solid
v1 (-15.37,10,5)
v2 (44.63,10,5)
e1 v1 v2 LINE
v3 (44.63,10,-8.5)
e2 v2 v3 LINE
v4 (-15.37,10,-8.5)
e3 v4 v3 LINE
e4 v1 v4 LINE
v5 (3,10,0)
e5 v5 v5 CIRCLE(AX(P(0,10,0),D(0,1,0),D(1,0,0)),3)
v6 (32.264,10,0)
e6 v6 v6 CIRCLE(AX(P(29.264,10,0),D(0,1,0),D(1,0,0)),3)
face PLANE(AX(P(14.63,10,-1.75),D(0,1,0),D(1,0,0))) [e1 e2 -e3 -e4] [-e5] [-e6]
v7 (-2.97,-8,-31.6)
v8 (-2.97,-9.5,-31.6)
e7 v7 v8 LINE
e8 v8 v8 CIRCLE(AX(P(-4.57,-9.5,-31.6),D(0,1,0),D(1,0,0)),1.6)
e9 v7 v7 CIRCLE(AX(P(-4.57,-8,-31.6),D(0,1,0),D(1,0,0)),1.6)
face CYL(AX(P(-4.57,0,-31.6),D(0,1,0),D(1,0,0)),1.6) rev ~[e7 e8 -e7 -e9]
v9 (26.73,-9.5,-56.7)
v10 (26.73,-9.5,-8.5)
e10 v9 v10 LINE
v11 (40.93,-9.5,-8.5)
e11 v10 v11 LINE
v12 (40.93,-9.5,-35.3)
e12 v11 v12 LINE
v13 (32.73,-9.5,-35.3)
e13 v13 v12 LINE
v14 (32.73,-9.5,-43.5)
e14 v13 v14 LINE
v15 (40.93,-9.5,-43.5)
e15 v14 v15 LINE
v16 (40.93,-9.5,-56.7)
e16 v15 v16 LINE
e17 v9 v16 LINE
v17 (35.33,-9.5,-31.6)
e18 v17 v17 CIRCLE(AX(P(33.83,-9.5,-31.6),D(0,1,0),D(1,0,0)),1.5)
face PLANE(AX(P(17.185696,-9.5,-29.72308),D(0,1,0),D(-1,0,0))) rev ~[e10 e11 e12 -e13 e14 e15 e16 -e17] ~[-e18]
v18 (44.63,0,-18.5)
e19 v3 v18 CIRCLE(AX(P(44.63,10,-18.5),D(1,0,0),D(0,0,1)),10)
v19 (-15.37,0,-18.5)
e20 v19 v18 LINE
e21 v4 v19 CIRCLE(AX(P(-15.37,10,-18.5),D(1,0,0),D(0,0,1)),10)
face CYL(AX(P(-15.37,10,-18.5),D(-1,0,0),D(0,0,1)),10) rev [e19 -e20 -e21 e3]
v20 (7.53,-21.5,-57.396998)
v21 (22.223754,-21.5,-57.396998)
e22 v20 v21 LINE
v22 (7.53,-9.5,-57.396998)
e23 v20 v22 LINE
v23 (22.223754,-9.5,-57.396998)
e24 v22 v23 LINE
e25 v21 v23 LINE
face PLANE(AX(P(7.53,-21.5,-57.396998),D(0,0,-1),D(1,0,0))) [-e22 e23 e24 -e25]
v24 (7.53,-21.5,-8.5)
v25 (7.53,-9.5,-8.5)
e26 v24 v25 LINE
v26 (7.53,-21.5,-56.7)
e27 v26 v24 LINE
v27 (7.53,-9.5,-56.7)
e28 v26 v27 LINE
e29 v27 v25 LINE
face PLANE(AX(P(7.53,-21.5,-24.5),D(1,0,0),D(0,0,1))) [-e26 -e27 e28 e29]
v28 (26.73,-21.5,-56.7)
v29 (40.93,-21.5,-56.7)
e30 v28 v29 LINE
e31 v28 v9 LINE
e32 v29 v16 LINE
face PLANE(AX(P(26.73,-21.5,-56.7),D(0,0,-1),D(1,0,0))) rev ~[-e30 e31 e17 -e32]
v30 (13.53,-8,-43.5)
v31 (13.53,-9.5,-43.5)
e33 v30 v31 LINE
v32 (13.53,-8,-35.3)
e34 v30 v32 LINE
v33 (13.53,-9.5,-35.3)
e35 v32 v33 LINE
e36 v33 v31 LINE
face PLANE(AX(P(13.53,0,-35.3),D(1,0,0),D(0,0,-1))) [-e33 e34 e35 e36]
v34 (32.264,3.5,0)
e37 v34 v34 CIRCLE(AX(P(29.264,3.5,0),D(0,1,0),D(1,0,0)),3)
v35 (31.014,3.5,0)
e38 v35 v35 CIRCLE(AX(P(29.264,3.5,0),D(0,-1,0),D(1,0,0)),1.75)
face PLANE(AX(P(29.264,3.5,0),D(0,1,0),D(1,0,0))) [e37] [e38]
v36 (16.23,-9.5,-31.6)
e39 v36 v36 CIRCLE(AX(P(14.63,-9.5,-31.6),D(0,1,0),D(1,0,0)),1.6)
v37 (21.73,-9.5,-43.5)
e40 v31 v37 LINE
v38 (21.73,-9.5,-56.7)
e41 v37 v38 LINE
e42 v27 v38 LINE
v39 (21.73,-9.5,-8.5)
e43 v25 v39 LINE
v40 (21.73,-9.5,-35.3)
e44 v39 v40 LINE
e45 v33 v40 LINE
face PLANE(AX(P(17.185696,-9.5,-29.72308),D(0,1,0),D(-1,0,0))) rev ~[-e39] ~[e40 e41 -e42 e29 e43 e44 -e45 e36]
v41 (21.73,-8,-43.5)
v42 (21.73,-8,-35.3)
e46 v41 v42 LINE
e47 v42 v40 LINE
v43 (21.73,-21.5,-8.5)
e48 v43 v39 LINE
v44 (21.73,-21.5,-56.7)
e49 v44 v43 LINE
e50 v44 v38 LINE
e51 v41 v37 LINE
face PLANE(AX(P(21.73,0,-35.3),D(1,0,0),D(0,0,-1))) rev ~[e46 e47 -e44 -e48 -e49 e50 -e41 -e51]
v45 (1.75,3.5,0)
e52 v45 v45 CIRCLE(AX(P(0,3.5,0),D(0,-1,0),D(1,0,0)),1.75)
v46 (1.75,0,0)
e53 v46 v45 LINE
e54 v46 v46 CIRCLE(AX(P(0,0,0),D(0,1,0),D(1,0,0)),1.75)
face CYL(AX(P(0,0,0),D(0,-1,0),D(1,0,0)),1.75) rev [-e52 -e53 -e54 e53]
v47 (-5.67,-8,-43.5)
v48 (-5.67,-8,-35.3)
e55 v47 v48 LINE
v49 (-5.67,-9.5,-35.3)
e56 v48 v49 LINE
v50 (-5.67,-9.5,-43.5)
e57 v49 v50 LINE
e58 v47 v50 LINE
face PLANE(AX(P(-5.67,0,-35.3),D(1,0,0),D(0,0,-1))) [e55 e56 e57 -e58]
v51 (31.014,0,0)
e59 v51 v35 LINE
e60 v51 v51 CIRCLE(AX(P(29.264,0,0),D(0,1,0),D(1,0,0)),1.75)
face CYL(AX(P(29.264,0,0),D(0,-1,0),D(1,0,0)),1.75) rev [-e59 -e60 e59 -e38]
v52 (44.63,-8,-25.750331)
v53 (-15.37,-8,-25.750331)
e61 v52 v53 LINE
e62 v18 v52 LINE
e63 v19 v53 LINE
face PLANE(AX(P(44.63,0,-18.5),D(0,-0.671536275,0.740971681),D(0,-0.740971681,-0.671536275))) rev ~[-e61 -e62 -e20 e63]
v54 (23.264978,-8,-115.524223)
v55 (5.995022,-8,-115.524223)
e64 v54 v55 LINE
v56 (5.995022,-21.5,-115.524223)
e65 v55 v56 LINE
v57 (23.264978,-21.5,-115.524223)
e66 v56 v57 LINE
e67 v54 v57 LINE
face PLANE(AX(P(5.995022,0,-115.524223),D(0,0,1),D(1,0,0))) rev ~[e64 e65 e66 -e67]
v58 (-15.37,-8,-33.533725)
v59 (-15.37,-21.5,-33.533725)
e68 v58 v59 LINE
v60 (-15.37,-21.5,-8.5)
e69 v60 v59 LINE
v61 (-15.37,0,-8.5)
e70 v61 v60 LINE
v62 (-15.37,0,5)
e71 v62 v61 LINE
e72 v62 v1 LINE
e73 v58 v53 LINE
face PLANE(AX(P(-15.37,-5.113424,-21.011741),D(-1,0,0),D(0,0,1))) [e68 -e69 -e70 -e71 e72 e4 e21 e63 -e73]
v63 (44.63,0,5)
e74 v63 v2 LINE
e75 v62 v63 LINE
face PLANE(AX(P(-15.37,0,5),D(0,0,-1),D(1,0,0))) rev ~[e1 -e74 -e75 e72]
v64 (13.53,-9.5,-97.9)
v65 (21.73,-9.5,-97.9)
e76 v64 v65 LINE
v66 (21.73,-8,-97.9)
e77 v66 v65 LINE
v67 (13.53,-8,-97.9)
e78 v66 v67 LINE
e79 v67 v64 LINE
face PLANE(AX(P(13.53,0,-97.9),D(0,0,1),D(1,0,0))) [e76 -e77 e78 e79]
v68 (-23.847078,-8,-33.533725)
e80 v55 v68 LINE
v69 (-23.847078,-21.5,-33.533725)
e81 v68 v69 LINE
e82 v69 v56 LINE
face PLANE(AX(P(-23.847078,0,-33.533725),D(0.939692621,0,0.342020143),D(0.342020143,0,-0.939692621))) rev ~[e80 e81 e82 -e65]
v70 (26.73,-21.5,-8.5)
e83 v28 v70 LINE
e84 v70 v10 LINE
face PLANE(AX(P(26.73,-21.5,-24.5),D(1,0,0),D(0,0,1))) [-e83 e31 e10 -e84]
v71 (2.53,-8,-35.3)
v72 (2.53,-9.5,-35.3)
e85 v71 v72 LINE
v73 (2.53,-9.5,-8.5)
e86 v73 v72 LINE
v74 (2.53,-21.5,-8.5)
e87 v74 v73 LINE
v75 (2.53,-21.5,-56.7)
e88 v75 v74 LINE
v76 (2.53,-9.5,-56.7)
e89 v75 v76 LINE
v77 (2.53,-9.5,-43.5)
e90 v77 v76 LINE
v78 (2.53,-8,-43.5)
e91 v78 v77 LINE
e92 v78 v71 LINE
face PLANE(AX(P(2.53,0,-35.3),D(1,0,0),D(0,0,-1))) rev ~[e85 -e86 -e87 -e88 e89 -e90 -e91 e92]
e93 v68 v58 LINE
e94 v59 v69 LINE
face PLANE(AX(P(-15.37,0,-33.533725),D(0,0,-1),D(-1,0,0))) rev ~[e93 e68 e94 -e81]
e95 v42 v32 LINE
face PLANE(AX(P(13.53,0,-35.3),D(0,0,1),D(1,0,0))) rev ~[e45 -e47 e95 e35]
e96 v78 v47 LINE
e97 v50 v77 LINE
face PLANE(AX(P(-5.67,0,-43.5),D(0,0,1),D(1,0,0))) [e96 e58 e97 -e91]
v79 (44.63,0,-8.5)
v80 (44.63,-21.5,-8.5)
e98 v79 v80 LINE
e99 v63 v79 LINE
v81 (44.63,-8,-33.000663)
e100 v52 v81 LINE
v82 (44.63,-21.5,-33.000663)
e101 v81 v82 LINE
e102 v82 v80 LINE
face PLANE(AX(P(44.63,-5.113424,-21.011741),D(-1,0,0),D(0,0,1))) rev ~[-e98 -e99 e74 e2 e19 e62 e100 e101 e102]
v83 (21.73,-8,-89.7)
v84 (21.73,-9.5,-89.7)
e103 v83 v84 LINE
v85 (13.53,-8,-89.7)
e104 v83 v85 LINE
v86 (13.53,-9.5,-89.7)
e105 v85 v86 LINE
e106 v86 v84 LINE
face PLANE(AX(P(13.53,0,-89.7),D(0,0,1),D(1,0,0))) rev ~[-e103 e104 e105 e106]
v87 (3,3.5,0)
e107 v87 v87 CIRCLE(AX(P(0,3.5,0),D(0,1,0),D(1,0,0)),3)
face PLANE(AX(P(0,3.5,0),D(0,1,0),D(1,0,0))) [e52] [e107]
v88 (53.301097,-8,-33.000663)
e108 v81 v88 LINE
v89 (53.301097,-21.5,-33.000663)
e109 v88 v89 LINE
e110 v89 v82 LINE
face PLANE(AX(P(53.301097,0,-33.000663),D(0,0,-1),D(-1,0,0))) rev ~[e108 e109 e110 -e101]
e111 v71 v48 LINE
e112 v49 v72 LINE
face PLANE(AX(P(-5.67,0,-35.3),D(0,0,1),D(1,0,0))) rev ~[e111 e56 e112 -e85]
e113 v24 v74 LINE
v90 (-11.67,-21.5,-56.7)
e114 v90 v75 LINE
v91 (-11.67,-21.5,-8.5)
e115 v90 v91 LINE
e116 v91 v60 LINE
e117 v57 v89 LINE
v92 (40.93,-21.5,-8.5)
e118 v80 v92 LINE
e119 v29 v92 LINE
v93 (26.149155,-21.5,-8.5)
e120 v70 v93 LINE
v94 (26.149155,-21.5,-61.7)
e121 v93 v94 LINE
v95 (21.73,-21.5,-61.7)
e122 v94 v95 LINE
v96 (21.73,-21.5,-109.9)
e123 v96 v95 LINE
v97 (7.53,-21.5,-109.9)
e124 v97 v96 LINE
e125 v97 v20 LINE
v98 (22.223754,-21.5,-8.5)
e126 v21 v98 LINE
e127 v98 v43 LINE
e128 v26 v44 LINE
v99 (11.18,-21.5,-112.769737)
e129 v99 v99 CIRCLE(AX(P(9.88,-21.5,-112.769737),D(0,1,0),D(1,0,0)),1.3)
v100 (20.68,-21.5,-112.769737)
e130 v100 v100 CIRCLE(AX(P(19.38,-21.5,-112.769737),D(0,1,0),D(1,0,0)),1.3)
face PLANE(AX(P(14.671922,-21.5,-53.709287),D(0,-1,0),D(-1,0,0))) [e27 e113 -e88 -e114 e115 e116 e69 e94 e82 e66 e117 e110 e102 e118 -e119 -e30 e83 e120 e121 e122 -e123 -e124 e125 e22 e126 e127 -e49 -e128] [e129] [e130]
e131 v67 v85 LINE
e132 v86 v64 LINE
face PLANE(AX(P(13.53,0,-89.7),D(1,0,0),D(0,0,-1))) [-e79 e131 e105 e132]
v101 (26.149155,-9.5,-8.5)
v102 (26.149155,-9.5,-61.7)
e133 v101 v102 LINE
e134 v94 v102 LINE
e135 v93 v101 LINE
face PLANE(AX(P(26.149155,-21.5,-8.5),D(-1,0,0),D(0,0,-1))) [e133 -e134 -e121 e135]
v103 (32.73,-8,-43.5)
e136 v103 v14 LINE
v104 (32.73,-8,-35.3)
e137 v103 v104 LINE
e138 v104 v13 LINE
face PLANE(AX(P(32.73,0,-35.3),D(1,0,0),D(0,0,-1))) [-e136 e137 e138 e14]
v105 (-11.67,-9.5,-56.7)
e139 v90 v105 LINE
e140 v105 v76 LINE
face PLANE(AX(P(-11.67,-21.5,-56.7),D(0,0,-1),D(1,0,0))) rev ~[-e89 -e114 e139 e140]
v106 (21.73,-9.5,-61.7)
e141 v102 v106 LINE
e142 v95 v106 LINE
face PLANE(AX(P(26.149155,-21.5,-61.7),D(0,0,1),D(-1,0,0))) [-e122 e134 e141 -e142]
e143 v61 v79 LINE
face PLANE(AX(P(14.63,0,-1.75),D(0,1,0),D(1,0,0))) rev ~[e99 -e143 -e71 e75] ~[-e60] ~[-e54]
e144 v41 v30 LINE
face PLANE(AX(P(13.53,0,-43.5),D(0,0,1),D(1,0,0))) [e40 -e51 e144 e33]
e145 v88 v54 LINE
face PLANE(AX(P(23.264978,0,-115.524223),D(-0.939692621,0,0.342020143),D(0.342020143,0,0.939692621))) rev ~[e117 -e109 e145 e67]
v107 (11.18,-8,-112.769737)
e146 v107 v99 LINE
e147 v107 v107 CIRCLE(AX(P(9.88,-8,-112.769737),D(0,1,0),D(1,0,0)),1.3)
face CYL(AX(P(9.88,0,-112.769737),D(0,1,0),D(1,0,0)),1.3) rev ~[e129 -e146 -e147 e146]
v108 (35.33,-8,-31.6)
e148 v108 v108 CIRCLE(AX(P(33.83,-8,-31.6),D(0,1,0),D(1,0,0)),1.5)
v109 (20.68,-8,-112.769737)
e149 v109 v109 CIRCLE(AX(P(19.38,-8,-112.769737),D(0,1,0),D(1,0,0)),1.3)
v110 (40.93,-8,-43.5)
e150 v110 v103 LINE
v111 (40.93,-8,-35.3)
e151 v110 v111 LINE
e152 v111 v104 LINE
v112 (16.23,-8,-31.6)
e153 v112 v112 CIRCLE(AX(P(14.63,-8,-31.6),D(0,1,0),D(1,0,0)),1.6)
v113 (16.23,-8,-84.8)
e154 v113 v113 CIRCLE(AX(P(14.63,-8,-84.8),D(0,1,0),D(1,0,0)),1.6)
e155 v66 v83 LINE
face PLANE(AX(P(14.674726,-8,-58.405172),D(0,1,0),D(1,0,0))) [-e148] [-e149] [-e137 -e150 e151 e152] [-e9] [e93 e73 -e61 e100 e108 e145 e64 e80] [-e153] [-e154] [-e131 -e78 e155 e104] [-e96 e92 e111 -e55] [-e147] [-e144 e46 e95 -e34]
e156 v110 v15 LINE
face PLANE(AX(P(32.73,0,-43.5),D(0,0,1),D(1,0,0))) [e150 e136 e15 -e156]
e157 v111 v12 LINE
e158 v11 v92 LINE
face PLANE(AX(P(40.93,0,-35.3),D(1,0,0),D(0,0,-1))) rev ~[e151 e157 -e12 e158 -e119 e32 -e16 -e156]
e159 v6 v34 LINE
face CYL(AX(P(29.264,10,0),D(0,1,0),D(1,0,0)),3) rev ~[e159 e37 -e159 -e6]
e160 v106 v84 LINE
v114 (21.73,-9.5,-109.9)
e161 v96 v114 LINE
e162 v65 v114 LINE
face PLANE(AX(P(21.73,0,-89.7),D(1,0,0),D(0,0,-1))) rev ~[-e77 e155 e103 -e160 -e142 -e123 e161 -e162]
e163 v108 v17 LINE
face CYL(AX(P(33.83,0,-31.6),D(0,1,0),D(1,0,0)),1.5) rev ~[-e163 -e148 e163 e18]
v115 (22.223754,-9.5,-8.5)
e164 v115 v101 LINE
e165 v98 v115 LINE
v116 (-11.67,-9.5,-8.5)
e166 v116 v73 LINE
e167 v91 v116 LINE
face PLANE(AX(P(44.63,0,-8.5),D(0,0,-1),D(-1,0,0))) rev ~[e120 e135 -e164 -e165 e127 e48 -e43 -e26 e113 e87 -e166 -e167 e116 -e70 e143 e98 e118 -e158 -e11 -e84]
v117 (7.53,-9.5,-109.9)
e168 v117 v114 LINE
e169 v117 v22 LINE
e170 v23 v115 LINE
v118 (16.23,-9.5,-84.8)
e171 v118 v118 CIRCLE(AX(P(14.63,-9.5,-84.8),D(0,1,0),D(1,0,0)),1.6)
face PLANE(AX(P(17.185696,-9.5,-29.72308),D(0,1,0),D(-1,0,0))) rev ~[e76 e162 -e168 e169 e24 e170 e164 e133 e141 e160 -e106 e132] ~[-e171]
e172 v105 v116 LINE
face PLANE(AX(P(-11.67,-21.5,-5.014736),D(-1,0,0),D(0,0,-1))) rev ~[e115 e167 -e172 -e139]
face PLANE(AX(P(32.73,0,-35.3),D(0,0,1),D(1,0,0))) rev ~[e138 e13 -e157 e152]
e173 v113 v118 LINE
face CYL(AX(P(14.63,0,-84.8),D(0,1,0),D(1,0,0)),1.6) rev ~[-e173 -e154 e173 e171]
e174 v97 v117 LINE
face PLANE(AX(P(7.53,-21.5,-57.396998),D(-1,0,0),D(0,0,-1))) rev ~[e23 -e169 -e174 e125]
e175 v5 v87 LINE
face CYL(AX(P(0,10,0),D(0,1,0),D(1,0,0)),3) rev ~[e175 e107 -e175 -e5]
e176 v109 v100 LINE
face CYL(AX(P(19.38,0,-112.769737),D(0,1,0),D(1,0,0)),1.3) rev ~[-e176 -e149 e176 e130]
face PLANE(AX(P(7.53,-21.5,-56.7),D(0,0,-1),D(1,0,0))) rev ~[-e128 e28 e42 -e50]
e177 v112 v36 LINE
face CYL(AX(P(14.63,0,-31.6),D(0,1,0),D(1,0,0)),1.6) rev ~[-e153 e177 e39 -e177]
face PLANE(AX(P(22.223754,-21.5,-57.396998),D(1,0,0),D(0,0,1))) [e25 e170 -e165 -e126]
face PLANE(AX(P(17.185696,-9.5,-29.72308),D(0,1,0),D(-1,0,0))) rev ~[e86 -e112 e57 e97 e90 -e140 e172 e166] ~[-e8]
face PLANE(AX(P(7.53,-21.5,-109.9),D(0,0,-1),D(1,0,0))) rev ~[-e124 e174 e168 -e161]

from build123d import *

# Parameters (mm, degrees)
SKETCH2_W           = 60
SKETCH2_H           = 13.5
SKETCH2_R           = 1.75
BOSS_EXTRUDE1_DEPTH = 10
BOSS_EXTRUDE2_DEPTH = 21.5
BOSS_EXTRUDE3_DEPTH = 60
SKETCH10_R          = 1.3
CUT_EXTRUDE1_DEPTH  = 22.5
SKETCH12_W          = 14.2
SKETCH12_H          = 32.2
CUT_EXTRUDE2_DEPTH  = 12
CUT_EXTRUDE3_DEPTH  = 12
SKETCH14_R          = 3
CUT_EXTRUDE4_DEPTH  = 6.5
SKETCH15_R          = 1.6
SKETCH15_R_2        = 1.5
SKETCH15_W          = 8.2
SKETCH15_H          = 8.2
CUT_EXTRUDE5_DEPTH  = 22.5
CUT_EXTRUDE6_DEPTH  = 8
BOSS_EXTRUDE4_DEPTH = 60


with BuildPart() as part:
    # Sketch2 → Boss-Extrude1 (new body)
    with BuildSketch(Plane(origin=(0, 0, 0), x_dir=(1, 0, 0), z_dir=(0, 1, 0))):
        with Locations((14.63, 1.75)):
            Rectangle(SKETCH2_W, SKETCH2_H)
        Circle(SKETCH2_R, mode=Mode.SUBTRACT)
        with Locations((29.264, 0)):
            Circle(SKETCH2_R, mode=Mode.SUBTRACT)
    extrude(amount=BOSS_EXTRUDE1_DEPTH)



with BuildPart() as body_2:
    # Sketch5 → Boss-Extrude2 (new body)
    with BuildSketch(Plane(origin=(0, 0, 0), x_dir=(1, 0, 0), z_dir=(0, 1, 0))):
        Polygon((-15.37, 8.5), (-15.37, 33.533725193), (-23.847078232, 33.533725193), (5.995022283, 115.524222507), (23.264977717, 115.524222507), (53.301097121, 33.000662678), (44.63, 33.000662678), (44.63, 8.5), align=None)
    extrude(amount=-BOSS_EXTRUDE2_DEPTH)


with BuildPart() as part_1:
    add(part.part)

    add(body_2.part)  # Boss-Extrude3 merges body 2
    # Sketch8 → Boss-Extrude3 (add)
    with BuildSketch(Plane.ZY.offset(15.37)):
        with BuildLine():
            Line((-18.5, 0), (-8.5, 0))
            Line((-8.5, 0), (-8.5, 10))
            ThreePointArc((-8.5, 10), (-11.428932188, 2.928932188), (-18.5, 0))
        make_face()
    extrude(amount=-BOSS_EXTRUDE3_DEPTH)

    # Sketch10 → Cut-Extrude1 (cut, through all)
    with BuildSketch(Plane(origin=(0, 0, 0), x_dir=(1, 0, 0), z_dir=(0, 1, 0))):
        with Locations((19.38, 112.769736608)):
            Circle(SKETCH10_R)
        with Locations((9.88, 112.769736608)):
            Circle(SKETCH10_R)
    extrude(amount=-CUT_EXTRUDE1_DEPTH, mode=Mode.SUBTRACT)

    # Sketch12 → Cut-Extrude2 (cut)
    with BuildSketch(Plane.XZ.offset(21.5)):
        with Locations((14.63, -93.8)):
            Rectangle(SKETCH12_W, SKETCH12_H)
        with Locations((-4.57, -40.6)):
            Rectangle(SKETCH12_W, SKETCH12_H)
        with Locations((14.63, -40.6)):
            Rectangle(SKETCH12_W, SKETCH12_H)
        with Locations((33.83, -40.6)):
            Rectangle(SKETCH12_W, SKETCH12_H)
    extrude(amount=-CUT_EXTRUDE2_DEPTH, mode=Mode.SUBTRACT)

    # Sketch13 → Cut-Extrude3 (cut)
    with BuildSketch(Plane.XZ.offset(21.5)):
        Polygon((21.73, -77.7), (7.53, -77.7), (7.53, -61.7), (7.53, -57.396998359), (22.223753722, -57.396998359), (22.223753722, -8.5), (21.73, -8.5), (21.73, -24.5), (7.53, -24.5), (7.53, -8.5), (2.53, -8.5), (2.53, -24.5), (-11.67, -24.5), (-11.67, -8.5), (-11.67, -5.014735678), (40.93, -5.014735678), (40.93, -8.5), (40.93, -24.5), (26.73, -24.5), (26.73, -8.5), (26.149155121, -8.5), (26.149155121, -61.7), (21.73, -61.7), align=None)
    extrude(amount=-CUT_EXTRUDE3_DEPTH, mode=Mode.SUBTRACT)

    # Sketch14 → Cut-Extrude4 (cut)
    with BuildSketch(Plane(origin=(0, 10, 0), x_dir=(1, 0, 0), z_dir=(0, 1, 0))):
        Circle(SKETCH14_R)
        with Locations((29.264, 0)):
            Circle(SKETCH14_R)
    extrude(amount=-CUT_EXTRUDE4_DEPTH, mode=Mode.SUBTRACT)

    # Sketch15 → Cut-Extrude5 (cut, through all)
    with BuildSketch(Plane(origin=(0, 0, 0), x_dir=(1, 0, 0), z_dir=(0, 1, 0))):
        with Locations((-4.57, 31.6)):
            Circle(SKETCH15_R)
        with Locations((14.63, 31.6)):
            Circle(SKETCH15_R)
        with Locations((33.83, 31.6)):
            Circle(SKETCH15_R_2)
        with Locations((14.63, 84.8)):
            Circle(SKETCH15_R)
        with Locations((17.63, 93.8)):
            Rectangle(SKETCH15_W, SKETCH15_H)
        with Locations((17.63, 39.4)):
            Rectangle(SKETCH15_W, SKETCH15_H)
        with Locations((36.83, 39.4)):
            Rectangle(SKETCH15_W, SKETCH15_H)
        with Locations((-1.57, 39.4)):
            Rectangle(SKETCH15_W, SKETCH15_H)
    extrude(amount=-CUT_EXTRUDE5_DEPTH, mode=Mode.SUBTRACT)

    # Sketch16 → Cut-Extrude6 (cut)
    with BuildSketch(Plane(origin=(0, 0, 0), x_dir=(1, 0, 0), z_dir=(0, 1, 0))):
        Polygon((-15.37, 18.5), (44.63, 18.5), (44.63, 33.000662678), (53.301097121, 33.000662678), (23.264977717, 115.524222507), (5.995022283, 115.524222507), (-23.847078232, 33.533725193), (-15.37, 33.533725193), align=None)
    extrude(amount=-CUT_EXTRUDE6_DEPTH, mode=Mode.SUBTRACT)

    # Sketch17 → Boss-Extrude4 (add)
    with BuildSketch(Plane(origin=(44.63, 0, 0), x_dir=(0, 0, -1), z_dir=(1, 0, 0))):
        Polygon((18.5, 0), (25.750331339, -8), (18.5, -8), align=None)
    extrude(amount=-BOSS_EXTRUDE4_DEPTH)


solid = part_1.part
